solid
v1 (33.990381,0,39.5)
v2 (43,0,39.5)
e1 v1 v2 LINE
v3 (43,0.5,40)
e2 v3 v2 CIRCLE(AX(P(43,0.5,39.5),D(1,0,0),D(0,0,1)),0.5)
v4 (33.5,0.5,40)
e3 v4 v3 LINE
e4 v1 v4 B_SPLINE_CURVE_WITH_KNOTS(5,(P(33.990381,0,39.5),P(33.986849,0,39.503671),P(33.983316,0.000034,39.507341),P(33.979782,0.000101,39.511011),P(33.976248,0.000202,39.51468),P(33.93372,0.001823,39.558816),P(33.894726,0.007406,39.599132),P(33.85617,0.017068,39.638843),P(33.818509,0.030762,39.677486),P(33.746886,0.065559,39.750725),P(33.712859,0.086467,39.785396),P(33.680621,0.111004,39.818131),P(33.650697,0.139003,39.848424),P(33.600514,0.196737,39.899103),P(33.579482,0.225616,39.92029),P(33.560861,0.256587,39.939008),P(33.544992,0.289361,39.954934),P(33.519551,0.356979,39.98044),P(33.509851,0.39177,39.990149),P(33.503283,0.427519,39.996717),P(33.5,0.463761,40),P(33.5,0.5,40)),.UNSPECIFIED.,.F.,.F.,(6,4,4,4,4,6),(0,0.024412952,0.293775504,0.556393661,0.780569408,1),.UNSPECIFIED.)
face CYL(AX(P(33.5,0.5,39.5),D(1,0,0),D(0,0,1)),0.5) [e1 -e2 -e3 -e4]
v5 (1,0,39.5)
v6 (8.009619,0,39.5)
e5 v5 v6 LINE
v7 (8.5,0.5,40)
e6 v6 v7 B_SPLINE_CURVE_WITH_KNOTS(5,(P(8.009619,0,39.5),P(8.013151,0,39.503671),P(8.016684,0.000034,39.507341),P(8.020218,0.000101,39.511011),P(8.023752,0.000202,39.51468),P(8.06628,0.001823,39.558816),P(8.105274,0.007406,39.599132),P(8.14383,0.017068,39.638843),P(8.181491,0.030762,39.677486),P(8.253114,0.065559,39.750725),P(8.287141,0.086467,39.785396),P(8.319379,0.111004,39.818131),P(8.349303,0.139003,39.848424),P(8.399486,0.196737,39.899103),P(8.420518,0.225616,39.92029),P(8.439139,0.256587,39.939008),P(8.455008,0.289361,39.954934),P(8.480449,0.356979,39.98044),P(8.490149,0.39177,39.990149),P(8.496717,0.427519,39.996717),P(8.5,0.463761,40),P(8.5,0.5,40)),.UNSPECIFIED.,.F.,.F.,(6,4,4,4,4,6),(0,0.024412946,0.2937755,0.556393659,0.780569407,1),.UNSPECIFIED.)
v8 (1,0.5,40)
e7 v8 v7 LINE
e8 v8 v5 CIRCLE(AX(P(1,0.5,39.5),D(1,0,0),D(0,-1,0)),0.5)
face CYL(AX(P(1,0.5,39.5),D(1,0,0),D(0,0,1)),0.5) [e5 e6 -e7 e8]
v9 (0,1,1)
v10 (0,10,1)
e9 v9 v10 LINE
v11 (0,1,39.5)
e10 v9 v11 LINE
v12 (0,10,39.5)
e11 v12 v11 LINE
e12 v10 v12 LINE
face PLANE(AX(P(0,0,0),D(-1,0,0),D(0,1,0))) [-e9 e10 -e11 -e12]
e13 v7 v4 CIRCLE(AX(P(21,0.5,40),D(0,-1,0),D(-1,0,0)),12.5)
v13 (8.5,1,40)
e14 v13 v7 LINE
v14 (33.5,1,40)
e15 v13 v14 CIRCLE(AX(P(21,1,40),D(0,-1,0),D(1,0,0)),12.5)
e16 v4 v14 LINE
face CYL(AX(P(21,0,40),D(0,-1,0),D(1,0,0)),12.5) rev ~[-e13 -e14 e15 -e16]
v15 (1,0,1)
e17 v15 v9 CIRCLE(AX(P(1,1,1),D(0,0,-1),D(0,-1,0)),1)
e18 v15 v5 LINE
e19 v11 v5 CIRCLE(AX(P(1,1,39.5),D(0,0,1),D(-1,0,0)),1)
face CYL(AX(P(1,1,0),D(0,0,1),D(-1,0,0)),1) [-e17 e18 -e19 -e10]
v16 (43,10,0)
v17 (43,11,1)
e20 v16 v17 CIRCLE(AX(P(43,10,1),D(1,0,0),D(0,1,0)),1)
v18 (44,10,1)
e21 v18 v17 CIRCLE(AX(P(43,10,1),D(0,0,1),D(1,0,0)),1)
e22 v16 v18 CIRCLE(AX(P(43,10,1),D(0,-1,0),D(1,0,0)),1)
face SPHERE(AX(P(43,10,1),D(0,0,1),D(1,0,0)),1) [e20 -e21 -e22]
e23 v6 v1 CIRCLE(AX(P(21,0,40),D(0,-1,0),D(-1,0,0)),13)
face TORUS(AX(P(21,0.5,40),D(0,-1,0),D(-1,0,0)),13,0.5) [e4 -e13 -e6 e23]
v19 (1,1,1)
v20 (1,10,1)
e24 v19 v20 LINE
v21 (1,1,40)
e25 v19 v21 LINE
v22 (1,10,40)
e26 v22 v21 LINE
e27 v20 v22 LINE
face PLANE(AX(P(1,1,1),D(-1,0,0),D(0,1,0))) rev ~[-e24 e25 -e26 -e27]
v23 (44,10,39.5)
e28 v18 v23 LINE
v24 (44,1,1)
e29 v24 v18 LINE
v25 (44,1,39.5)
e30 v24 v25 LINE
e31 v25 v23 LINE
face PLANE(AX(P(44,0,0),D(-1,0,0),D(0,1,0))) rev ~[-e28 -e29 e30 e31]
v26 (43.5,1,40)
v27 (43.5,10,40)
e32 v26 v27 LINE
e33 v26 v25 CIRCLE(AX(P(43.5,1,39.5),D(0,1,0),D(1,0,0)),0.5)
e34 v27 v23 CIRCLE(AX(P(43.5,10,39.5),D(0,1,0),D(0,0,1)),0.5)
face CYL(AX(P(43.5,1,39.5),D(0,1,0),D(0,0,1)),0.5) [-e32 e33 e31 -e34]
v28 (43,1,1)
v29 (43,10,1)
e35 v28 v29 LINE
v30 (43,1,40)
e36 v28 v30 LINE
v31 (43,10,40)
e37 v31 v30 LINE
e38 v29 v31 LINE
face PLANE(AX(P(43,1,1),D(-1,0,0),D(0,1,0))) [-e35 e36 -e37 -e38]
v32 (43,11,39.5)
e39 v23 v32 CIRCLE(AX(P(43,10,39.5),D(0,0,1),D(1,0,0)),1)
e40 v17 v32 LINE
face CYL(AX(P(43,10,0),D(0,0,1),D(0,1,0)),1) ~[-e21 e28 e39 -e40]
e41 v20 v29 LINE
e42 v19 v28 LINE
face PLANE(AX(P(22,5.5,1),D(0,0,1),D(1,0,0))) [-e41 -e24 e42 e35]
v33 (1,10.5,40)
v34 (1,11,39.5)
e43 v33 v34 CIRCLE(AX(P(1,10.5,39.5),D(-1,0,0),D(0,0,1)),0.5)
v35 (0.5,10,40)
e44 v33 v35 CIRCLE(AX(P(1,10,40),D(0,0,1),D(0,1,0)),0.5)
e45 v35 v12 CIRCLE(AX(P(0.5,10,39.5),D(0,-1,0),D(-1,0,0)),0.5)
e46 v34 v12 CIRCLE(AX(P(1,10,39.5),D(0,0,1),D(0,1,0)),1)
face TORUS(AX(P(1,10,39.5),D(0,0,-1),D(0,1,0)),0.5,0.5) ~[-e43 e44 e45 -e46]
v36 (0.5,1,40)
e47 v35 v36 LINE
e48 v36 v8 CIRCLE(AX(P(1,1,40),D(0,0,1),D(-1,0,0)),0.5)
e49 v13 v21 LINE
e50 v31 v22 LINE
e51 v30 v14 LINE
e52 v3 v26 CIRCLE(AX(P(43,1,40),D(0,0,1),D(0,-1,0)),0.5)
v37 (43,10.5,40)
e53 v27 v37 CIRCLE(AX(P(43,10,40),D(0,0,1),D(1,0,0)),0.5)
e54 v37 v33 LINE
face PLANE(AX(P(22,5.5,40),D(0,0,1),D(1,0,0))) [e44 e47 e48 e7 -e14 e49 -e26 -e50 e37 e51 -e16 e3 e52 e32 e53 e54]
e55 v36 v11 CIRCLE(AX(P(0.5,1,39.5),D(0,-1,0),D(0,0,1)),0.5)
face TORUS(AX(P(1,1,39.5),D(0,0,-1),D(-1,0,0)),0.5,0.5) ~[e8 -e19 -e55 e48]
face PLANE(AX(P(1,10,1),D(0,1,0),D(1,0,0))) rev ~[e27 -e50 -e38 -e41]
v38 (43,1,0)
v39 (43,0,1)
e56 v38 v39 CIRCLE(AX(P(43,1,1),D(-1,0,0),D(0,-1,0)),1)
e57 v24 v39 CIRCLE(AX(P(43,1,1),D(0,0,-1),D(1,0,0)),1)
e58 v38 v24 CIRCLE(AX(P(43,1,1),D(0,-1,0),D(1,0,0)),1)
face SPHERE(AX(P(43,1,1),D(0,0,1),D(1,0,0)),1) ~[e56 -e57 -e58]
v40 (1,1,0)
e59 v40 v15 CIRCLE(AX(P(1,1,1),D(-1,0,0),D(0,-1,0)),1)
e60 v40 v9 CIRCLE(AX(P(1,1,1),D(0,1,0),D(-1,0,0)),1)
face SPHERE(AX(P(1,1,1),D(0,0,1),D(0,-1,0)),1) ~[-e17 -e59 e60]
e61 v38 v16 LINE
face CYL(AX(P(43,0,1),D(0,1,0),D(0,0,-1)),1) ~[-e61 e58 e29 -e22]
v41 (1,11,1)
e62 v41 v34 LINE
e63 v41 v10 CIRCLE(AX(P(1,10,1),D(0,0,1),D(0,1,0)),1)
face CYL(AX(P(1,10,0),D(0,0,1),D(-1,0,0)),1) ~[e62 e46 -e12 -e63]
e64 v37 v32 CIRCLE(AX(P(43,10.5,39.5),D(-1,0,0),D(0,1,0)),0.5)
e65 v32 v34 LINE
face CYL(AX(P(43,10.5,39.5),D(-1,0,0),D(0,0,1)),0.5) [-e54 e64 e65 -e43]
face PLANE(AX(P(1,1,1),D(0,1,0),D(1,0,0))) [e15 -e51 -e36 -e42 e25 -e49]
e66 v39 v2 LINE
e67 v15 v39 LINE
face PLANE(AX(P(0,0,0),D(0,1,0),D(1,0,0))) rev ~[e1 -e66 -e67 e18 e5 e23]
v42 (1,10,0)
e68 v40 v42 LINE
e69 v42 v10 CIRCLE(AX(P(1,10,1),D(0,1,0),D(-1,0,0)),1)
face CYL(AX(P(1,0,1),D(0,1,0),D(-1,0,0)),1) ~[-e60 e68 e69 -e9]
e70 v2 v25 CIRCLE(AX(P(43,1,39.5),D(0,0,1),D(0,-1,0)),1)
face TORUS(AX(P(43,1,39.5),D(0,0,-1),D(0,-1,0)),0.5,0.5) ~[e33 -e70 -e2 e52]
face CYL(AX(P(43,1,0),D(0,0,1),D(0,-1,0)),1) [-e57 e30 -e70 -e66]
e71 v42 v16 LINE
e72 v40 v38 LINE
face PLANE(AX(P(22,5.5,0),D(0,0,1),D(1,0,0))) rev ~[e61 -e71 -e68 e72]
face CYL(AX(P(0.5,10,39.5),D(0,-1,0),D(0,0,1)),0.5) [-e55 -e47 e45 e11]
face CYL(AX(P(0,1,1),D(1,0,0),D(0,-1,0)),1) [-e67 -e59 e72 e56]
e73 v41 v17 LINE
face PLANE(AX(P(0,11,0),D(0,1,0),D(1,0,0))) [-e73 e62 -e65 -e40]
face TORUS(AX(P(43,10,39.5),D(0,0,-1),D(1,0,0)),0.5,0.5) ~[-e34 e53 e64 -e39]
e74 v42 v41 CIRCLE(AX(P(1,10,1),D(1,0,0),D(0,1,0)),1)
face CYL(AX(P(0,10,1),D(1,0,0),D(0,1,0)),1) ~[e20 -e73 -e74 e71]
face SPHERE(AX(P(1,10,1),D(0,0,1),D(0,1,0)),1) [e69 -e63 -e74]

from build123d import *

# Parameters (mm, degrees)
SKETCH_W        = 44
SKETCH_H        = 11
PAD_DEPTH       = 40
SKETCH001_W     = 42
SKETCH001_H     = 9
POCKET_DEPTH    = 39.001
SKETCH002_R     = 12.5
POCKET001_DEPTH = 1
FILLET_R        = 1
FILLET001_R     = 0.5


with BuildPart() as part:
    # Sketch → Pad (new body)
    with BuildSketch(Plane.XY):
        with Locations((22, 5.5)):
            Rectangle(SKETCH_W, SKETCH_H)
    extrude(amount=PAD_DEPTH)

    # Sketch001 → Pocket (cut, through all)
    with BuildSketch(Plane.XY.offset(1)):
        with Locations((22, 5.5)):
            Rectangle(SKETCH001_W, SKETCH001_H)
    extrude(amount=POCKET_DEPTH, mode=Mode.SUBTRACT)

    # Sketch002 (on Face1 of Pocket) → Pocket001 (cut)
    with BuildSketch(Plane.XZ):
        with Locations((21, 40)):
            Circle(SKETCH002_R)
    extrude(amount=-POCKET001_DEPTH, mode=Mode.SUBTRACT)

    # Fillet
    fillet_edges = [part.edges().sort_by_distance(p)[0] for p in [
        (0, 0, 20),
        (0, 11, 20),
        (44, 0, 20),
        (44, 11, 20),
        (44, 5.5, 0),
        (22, 0, 0),
        (22, 11, 0),
        (0, 5.5, 0),
    ]]
    fillet(fillet_edges, radius=FILLET_R)

    # Fillet001
    fillet001_edges = [part.edges().sort_by_distance(p)[0] for p in [
        (21, 0, 27.5),
        (4.75, 0, 40),
        (0, 5.5, 40),
        (0.292893, 0.292893, 40),
        (0.292893, 10.707107, 40),
        (22, 11, 40),
        (44, 5.5, 40),
        (43.707107, 10.707107, 40),
        (43.707107, 0.292893, 40),
        (38.25, 0, 40),
    ]]
    fillet(fillet001_edges, radius=FILLET001_R)


solid = part.part
